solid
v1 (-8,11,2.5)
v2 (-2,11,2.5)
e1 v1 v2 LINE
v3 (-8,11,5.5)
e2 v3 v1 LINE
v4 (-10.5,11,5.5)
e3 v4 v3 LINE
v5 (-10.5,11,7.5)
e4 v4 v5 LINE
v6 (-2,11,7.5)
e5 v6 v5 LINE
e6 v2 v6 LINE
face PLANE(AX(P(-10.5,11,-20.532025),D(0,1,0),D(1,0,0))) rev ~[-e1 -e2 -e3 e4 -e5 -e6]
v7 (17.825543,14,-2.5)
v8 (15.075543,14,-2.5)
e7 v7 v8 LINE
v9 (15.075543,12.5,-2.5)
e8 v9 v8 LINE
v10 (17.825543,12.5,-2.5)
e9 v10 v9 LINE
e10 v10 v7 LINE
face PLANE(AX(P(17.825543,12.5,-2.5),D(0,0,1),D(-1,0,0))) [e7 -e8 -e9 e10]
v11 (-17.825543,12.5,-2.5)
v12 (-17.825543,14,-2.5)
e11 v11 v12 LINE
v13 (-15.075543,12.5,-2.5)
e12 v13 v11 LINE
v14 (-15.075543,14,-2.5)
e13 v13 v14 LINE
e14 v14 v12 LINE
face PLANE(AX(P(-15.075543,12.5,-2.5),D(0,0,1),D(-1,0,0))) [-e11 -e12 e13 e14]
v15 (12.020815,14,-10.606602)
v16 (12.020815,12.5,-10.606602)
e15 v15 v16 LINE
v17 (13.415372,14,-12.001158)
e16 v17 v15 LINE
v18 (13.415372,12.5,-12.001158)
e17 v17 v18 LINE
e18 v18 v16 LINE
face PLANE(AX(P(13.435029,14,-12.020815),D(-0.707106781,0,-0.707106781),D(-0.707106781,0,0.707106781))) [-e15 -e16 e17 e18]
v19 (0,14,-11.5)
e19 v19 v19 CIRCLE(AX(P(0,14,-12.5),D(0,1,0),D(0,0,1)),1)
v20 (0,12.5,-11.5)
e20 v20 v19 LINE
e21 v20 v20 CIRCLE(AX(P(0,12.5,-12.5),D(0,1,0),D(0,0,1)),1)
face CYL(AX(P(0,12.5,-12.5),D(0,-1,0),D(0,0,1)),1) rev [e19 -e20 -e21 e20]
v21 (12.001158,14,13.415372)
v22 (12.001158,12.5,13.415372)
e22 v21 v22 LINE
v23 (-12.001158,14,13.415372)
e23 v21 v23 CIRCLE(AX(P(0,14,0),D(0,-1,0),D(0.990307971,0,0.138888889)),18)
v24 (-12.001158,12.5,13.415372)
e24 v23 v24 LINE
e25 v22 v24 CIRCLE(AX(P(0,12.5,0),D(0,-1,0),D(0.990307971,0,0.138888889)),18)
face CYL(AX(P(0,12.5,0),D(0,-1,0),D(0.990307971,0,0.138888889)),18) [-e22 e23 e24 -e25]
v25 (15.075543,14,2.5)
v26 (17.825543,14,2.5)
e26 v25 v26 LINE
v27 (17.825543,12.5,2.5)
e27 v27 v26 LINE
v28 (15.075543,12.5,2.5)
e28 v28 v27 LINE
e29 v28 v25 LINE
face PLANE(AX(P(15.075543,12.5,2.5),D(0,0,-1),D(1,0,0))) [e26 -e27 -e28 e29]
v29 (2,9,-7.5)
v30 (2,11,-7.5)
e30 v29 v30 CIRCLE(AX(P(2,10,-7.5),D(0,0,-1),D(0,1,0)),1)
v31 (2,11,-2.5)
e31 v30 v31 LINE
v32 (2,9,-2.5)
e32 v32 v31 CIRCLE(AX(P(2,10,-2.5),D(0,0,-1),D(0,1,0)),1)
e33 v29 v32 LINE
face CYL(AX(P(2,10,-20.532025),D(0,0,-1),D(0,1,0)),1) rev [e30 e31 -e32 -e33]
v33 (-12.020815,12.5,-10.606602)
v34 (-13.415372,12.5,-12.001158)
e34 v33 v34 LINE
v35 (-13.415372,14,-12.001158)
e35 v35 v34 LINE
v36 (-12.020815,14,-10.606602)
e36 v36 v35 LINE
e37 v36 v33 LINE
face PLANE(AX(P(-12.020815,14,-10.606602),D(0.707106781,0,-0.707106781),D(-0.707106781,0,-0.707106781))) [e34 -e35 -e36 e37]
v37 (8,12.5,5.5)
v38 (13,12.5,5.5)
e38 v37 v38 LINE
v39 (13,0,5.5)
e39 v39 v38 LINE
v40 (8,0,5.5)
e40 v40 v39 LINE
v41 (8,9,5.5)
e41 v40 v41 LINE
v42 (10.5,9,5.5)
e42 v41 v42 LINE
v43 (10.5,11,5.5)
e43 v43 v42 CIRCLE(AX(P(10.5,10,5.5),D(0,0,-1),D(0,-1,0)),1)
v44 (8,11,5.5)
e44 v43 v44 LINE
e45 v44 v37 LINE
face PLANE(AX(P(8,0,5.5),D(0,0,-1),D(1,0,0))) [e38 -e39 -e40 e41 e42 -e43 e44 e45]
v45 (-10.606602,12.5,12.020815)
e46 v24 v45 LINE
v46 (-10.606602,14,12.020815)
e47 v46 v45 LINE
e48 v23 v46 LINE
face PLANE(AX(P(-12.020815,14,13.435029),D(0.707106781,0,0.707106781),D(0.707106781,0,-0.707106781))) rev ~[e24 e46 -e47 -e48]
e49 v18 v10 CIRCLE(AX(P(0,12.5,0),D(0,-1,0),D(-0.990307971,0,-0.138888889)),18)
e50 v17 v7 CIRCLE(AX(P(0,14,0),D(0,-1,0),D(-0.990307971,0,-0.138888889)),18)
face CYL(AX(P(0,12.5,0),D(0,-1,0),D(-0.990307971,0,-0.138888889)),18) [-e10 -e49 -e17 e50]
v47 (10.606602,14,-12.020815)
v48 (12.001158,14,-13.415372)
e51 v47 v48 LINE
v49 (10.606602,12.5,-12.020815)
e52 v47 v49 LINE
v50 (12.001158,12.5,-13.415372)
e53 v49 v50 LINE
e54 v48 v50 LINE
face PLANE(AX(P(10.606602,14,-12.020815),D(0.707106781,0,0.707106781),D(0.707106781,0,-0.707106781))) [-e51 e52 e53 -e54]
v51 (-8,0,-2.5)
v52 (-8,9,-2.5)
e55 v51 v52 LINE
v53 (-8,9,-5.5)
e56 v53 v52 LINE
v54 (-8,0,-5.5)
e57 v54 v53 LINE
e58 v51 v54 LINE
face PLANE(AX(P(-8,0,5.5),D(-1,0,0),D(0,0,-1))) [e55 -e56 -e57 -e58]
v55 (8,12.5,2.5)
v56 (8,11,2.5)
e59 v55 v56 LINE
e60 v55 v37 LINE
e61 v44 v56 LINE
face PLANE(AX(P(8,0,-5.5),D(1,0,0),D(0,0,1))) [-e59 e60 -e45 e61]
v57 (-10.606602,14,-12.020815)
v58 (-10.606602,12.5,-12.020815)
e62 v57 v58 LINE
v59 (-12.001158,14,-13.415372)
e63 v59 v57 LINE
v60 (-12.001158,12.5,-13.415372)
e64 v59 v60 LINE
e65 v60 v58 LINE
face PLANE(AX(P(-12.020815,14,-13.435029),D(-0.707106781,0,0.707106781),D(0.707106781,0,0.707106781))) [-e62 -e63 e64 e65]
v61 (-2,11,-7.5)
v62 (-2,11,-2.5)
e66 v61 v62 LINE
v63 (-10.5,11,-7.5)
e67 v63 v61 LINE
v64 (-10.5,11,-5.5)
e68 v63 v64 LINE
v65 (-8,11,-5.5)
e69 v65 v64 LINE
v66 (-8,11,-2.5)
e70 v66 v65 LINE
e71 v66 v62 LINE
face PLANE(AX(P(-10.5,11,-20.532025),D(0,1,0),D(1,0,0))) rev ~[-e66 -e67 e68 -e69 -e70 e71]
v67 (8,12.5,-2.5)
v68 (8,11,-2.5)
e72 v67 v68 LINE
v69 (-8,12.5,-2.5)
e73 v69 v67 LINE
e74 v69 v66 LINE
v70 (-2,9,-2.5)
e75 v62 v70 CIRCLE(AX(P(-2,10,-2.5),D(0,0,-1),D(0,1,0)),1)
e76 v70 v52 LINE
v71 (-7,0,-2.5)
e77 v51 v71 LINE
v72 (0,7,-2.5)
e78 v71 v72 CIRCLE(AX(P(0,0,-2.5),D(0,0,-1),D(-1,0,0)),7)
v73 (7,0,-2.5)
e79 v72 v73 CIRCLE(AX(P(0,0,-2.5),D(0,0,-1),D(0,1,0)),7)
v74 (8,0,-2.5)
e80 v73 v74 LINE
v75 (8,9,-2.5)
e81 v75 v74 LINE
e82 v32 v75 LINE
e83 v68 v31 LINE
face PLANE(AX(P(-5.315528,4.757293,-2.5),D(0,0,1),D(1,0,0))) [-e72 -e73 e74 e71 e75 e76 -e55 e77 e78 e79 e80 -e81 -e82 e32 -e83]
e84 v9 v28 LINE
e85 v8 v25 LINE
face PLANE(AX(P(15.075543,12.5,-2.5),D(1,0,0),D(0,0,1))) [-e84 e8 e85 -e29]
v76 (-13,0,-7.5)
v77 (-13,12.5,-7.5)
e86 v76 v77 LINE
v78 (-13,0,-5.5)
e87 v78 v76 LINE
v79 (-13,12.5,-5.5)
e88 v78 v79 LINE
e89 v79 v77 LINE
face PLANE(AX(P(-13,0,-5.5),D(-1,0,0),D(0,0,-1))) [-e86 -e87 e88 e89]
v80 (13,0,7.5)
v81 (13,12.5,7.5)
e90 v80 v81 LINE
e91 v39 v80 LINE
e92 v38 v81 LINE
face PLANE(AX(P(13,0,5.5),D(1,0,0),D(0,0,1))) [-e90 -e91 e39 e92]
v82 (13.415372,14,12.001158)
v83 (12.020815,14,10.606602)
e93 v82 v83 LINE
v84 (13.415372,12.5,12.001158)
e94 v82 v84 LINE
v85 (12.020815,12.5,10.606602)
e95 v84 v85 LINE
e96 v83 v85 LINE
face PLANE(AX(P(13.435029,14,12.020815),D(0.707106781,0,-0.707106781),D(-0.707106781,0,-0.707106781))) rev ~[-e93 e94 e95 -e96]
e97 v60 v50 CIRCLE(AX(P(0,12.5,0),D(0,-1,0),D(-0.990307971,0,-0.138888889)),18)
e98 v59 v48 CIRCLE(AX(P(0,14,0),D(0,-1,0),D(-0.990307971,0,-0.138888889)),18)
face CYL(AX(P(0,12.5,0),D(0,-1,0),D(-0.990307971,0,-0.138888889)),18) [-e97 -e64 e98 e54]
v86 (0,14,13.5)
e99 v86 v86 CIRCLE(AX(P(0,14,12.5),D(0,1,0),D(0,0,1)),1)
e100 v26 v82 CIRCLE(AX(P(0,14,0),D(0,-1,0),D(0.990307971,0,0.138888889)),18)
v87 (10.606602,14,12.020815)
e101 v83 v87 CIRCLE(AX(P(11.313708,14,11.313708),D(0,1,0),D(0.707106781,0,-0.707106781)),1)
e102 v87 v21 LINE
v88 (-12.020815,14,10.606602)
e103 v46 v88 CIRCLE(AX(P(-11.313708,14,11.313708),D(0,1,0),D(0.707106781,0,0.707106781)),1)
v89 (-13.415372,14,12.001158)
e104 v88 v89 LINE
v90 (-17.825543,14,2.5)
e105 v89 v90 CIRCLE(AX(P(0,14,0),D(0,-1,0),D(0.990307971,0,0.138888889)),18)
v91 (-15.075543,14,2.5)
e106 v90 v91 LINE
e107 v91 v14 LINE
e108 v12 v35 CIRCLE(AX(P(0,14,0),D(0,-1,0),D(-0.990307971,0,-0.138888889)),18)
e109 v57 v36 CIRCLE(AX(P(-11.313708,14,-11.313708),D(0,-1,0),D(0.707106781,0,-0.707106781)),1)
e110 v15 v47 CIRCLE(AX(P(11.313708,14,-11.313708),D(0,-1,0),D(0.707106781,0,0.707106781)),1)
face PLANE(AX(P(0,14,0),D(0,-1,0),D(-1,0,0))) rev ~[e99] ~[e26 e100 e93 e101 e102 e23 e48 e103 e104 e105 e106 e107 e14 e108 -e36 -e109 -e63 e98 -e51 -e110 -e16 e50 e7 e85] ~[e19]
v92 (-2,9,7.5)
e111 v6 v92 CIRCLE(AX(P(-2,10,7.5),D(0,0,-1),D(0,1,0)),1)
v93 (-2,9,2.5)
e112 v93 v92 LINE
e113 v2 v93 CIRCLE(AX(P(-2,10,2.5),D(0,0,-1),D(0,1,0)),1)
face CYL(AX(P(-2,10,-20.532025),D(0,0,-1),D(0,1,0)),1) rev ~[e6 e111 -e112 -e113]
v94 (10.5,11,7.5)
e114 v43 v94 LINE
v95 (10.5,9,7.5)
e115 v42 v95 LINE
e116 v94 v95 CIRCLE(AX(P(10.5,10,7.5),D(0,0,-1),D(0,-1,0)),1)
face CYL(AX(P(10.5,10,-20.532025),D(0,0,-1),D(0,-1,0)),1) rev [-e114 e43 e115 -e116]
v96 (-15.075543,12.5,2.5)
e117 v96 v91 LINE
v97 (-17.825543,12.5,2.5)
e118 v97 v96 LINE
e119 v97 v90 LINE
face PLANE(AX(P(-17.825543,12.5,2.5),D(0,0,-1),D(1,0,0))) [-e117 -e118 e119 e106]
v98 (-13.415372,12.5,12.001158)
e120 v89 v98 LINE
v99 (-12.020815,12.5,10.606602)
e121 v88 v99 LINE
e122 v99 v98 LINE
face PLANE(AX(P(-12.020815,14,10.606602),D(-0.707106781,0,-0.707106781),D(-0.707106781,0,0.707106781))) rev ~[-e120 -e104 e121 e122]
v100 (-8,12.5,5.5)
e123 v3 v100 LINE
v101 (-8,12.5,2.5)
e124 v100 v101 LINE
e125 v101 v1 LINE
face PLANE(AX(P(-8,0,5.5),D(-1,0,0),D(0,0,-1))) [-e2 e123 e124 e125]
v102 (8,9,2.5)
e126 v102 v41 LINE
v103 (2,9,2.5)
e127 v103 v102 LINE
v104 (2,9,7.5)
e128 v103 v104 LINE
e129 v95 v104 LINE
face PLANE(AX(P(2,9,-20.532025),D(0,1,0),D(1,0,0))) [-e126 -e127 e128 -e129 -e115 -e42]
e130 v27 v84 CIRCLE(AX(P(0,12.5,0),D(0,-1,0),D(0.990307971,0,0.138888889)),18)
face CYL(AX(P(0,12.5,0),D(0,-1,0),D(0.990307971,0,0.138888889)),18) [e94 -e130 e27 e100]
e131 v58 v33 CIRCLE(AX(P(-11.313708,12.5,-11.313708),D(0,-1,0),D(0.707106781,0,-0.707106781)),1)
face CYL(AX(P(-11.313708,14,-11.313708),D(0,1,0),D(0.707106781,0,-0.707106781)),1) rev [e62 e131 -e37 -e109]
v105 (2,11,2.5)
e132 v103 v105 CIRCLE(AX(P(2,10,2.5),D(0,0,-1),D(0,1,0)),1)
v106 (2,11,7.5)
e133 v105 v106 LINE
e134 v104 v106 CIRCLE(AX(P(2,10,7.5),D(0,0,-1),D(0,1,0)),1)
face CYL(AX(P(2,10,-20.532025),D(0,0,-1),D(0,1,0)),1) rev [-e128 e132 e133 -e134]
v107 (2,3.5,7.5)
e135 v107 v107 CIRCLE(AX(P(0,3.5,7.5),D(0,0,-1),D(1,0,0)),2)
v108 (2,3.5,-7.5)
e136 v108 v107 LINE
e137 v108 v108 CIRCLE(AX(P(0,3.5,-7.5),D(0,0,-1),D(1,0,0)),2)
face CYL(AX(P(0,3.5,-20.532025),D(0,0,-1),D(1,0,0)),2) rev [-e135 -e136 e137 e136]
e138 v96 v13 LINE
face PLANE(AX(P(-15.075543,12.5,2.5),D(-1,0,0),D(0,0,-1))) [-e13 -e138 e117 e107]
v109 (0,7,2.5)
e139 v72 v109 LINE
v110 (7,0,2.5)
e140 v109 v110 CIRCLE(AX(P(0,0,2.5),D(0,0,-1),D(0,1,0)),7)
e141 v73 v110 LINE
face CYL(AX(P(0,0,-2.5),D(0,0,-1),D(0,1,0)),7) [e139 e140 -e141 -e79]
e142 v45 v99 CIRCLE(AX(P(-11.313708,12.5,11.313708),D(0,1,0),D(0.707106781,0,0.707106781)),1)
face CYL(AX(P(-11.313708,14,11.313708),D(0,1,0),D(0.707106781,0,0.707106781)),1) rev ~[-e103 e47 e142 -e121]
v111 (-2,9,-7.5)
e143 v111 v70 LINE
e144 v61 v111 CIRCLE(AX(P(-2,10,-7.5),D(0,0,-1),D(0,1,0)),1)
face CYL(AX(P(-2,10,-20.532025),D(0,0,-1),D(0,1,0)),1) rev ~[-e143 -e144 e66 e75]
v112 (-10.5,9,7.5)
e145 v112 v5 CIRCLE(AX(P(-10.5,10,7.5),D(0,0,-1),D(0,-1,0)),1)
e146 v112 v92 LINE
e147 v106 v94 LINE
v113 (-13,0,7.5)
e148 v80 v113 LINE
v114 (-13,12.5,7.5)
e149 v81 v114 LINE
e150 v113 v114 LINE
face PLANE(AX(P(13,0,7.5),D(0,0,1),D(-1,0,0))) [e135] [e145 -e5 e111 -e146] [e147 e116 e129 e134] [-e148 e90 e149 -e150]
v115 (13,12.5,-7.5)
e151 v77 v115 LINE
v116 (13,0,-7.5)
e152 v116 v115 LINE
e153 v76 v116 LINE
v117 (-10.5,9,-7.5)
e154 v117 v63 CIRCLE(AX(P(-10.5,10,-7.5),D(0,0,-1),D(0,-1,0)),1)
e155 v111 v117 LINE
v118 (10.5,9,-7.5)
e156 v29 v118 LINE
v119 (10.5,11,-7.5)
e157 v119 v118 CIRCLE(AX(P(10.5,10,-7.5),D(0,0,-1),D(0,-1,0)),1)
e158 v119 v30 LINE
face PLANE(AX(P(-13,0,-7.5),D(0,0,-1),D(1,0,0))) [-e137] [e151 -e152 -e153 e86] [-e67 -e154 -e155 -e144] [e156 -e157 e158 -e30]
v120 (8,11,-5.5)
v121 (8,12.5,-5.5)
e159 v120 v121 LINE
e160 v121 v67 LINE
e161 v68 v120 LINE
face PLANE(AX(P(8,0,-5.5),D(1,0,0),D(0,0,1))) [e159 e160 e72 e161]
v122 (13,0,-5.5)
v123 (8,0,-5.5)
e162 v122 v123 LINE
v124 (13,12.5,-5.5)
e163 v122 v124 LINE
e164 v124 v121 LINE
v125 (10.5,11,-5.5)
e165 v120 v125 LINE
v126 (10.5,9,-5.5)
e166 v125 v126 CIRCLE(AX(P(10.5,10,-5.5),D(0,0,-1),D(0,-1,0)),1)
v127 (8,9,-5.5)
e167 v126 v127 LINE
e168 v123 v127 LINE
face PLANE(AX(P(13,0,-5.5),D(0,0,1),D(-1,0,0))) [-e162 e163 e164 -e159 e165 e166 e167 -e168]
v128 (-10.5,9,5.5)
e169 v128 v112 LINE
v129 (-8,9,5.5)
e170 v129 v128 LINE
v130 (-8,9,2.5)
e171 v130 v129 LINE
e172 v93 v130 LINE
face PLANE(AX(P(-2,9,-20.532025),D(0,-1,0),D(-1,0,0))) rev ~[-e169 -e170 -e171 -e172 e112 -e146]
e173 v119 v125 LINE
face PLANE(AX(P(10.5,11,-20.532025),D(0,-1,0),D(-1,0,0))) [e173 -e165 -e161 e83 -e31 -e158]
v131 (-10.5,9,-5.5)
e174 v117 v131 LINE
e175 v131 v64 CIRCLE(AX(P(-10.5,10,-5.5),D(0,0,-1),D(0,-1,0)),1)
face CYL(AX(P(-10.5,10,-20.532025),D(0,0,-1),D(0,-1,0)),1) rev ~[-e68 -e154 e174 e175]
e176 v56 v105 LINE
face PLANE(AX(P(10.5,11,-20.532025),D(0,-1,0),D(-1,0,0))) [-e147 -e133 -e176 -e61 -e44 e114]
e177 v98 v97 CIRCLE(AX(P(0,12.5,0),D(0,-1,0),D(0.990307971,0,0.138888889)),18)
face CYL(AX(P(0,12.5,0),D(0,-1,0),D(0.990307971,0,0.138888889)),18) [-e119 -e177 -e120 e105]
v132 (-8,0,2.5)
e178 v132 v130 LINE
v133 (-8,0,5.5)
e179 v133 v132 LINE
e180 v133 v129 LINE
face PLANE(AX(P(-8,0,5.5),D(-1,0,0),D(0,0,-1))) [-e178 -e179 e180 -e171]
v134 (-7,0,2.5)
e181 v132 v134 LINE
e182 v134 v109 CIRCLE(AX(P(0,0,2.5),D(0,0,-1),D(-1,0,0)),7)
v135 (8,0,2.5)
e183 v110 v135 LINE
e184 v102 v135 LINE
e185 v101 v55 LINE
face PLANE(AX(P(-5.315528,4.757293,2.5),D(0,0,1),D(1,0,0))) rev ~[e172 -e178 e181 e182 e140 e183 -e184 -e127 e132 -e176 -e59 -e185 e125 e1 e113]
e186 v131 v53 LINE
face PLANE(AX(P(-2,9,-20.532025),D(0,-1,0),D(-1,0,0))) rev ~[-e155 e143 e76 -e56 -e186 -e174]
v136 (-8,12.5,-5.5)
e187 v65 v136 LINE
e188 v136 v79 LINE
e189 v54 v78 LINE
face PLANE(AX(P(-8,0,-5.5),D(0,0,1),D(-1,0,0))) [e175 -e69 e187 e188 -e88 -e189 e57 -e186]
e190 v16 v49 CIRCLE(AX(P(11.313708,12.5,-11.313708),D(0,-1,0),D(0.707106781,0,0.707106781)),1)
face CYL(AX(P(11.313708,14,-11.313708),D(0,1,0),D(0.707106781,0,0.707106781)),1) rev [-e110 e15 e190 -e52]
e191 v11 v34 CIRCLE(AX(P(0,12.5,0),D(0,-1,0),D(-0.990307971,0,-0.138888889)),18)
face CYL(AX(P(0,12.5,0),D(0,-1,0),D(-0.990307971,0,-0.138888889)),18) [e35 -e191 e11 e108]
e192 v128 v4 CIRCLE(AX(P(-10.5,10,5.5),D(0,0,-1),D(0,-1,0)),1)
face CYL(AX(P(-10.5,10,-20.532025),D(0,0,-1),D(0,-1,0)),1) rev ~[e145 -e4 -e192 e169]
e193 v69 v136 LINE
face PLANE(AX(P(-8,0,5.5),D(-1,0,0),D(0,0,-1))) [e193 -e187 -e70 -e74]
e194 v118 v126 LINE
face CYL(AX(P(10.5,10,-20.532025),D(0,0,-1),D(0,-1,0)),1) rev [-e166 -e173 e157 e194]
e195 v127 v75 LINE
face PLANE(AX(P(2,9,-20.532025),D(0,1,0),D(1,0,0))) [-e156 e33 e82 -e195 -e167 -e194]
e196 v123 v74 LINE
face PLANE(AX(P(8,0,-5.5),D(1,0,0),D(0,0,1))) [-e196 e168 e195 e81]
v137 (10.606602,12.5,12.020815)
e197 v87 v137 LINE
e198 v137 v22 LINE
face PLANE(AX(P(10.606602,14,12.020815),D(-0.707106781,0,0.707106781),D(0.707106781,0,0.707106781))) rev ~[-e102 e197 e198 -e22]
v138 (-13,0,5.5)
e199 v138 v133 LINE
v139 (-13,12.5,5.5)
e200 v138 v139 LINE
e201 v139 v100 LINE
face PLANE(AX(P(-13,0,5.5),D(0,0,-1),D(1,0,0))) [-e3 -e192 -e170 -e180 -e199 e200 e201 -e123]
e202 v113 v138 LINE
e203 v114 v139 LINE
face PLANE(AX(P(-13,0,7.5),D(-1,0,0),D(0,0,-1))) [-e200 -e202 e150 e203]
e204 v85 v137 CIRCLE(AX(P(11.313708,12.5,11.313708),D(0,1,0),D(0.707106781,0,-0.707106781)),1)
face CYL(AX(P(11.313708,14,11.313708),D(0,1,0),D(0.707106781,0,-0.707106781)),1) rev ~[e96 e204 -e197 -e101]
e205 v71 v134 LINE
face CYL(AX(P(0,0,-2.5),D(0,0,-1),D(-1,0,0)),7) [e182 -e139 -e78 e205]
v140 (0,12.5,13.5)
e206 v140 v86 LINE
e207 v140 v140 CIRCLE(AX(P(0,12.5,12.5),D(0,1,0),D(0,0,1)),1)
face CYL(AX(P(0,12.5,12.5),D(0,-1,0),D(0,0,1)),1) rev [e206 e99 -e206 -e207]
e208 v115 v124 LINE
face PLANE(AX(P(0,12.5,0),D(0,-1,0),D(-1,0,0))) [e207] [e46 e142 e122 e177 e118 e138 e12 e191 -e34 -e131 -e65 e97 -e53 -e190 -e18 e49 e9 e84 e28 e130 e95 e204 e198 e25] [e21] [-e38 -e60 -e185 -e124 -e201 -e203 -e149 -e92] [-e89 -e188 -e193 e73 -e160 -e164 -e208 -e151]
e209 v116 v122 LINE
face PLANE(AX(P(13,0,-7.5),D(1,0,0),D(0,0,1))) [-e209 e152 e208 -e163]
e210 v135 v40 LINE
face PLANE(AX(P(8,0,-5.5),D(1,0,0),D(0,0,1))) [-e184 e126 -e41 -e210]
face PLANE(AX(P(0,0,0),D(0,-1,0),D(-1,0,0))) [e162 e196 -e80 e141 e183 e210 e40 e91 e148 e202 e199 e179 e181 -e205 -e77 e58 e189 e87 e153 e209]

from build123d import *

# Parameters (mm, degrees)
EXTRUDE_1_DEPTH          = 12.5
CUT_EXTRUDE_1_DEPTH      = 20.532024985
CUT_EXTRUDE_1_DEPTH_BACK = 20.532024985
SKETCH_2_R               = 2
CUT_EXTRUDE_2_DEPTH      = 20.532024985
CUT_EXTRUDE_2_DEPTH_BACK = 20.532024985
CUT_EXTRUDE_START        = 12.5
SKETCH_5_W               = 16
SKETCH_5_H               = 5
CUT_EXTRUDE_4_DEPTH      = 5.5
CUT_EXTRUDE_5_DEPTH      = 2.5
CUT_EXTRUDE_5_DEPTH_BACK = 2.5
EXTRUDE_START            = 12.5
EXTRUDE_5_DEPTH          = 1.5
SKETCH_8_R               = 1
CUT_EXTRUDE_6_DEPTH      = 1.5
CUT_EXTRUDE_START_2      = 14
CUT_EXTRUDE_7_DEPTH      = 1.5


with BuildPart() as part:
    # 草图1 → 凸台-拉伸1 (new body)
    with BuildSketch(Plane(origin=(0, 0, 0), x_dir=(1, 0, 0), z_dir=(0, 1, 0))):
        Polygon((13, 5.5), (8, 5.5), (8, -5.5), (13, -5.5), (13, -7.5), (-13, -7.5), (-13, -5.5), (-8, -5.5), (-8, 5.5), (-13, 5.5), (-13, 7.5), (13, 7.5), align=None)
    extrude(amount=EXTRUDE_1_DEPTH)

    # 草图2 → 切除-拉伸1 (cut, two sides: drawn at the far end of the back side and taken through both)
    with BuildSketch(Plane.XY.offset(-CUT_EXTRUDE_1_DEPTH_BACK)):
        with Locations((0, 3.5)):
            Circle(SKETCH_2_R)
    extrude(amount=CUT_EXTRUDE_1_DEPTH + CUT_EXTRUDE_1_DEPTH_BACK, mode=Mode.SUBTRACT)

    # 草图3 → 切除-拉伸2 (cut, two sides: drawn at the far end of the back side and taken through both)
    with BuildSketch(Plane.XY.offset(-CUT_EXTRUDE_2_DEPTH_BACK)):
        with BuildLine():
            Line((-10.5, 11), (-2, 11))
            ThreePointArc((-2, 11), (-1, 10), (-2, 9))
            Line((-2, 9), (-10.5, 9))
            ThreePointArc((-10.5, 9), (-11.5, 10), (-10.5, 11))
        make_face()
        with BuildLine():
            Line((2, 9), (10.5, 9))
            ThreePointArc((10.5, 9), (11.5, 10), (10.5, 11))
            Line((10.5, 11), (2, 11))
            ThreePointArc((2, 11), (1, 10), (2, 9))
        make_face()
    extrude(amount=CUT_EXTRUDE_2_DEPTH + CUT_EXTRUDE_2_DEPTH_BACK, mode=Mode.SUBTRACT)

    # 草图5 → 切除-拉伸4 (cut)
    with BuildSketch(Plane(origin=(0, 0, 0), x_dir=(1, 0, 0), z_dir=(0, 1, 0)).offset(CUT_EXTRUDE_START)):
        Rectangle(SKETCH_5_W, SKETCH_5_H)
    extrude(amount=-CUT_EXTRUDE_4_DEPTH, mode=Mode.SUBTRACT)

    # 草图6 → 切除-拉伸5 (cut, two sides: drawn at the far end of the back side and taken through both)
    with BuildSketch(Plane.XY.offset(-CUT_EXTRUDE_5_DEPTH_BACK)):
        with BuildLine():
            Line((8, 7), (0, 7))
            ThreePointArc((0, 7), (4.949747468, 4.949747468), (7, 0))
            Line((7, 0), (8, 0))
            Line((8, 0), (8, 7))
        make_face()
        with BuildLine():
            Line((-8, 7), (-8, 0))
            Line((-8, 0), (-7, 0))
            ThreePointArc((-7, 0), (-4.949747468, 4.949747468), (0, 7))
            Line((0, 7), (-8, 7))
        make_face()
    extrude(amount=CUT_EXTRUDE_5_DEPTH + CUT_EXTRUDE_5_DEPTH_BACK, mode=Mode.SUBTRACT)

    # 草图7 → 凸台-拉伸5 (add)
    with BuildSketch(Plane(origin=(0, 0, 0), x_dir=(1, 0, 0), z_dir=(0, 1, 0)).offset(EXTRUDE_START)):
        with BuildLine():
            Line((17.82554347, 2.5), (15.07554347, 2.5))
            Line((15.07554347, 2.5), (15.07554347, -2.5))
            Line((15.07554347, -2.5), (17.82554347, -2.5))
            ThreePointArc((17.82554347, -2.5), (0, -18), (-17.82554347, -2.5))
            Line((-17.82554347, -2.5), (-15.07554347, -2.5))
            Line((-15.07554347, -2.5), (-15.07554347, 2.5))
            Line((-15.07554347, 2.5), (-17.82554347, 2.5))
            ThreePointArc((-17.82554347, 2.5), (0, 18), (17.82554347, 2.5))
        make_face()
    extrude(amount=EXTRUDE_5_DEPTH)

    # 草图8 → 切除-拉伸6 (cut)
    with BuildSketch(Plane(origin=(0, 0, 0), x_dir=(1, 0, 0), z_dir=(0, 1, 0)).offset(CUT_EXTRUDE_START)):
        with Locations(Location((0, 12.5, 0), (0, 0, 270))):
            Circle(SKETCH_8_R)
        with Locations(Location((0, -12.5, 0), (0, 0, 270))):
            Circle(SKETCH_8_R)
    extrude(amount=CUT_EXTRUDE_6_DEPTH, mode=Mode.SUBTRACT)

    # 草图9 → 切除-拉伸7 (cut)
    with BuildSketch(Plane(origin=(0, 0, 0), x_dir=(1, 0, 0), z_dir=(0, 1, 0)).offset(CUT_EXTRUDE_START_2)):
        with BuildLine():
            Line((-12.02081528, 10.606601718), (-13.435028843, 12.02081528))
            ThreePointArc((-13.435028843, 12.02081528), (-13.435028843, 13.435028843), (-12.02081528, 13.435028843))
            Line((-12.02081528, 13.435028843), (-10.606601718, 12.02081528))
            ThreePointArc((-10.606601718, 12.02081528), (-10.606601718, 10.606601718), (-12.02081528, 10.606601718))
        make_face()
        with BuildLine():
            Line((10.606601718, -12.02081528), (12.02081528, -13.435028843))
            ThreePointArc((12.02081528, -13.435028843), (13.435028843, -13.435028843), (13.435028843, -12.02081528))
            Line((13.435028843, -12.02081528), (12.02081528, -10.606601718))
            ThreePointArc((12.02081528, -10.606601718), (10.606601718, -10.606601718), (10.606601718, -12.02081528))
        make_face()
        with BuildLine():
            Line((-12.02081528, -10.606601718), (-13.435028843, -12.02081528))
            ThreePointArc((-13.435028843, -12.02081528), (-13.435028843, -13.435028843), (-12.02081528, -13.435028843))
            Line((-12.02081528, -13.435028843), (-10.606601718, -12.02081528))
            ThreePointArc((-10.606601718, -12.02081528), (-10.606601718, -10.606601718), (-12.02081528, -10.606601718))
        make_face()
        with BuildLine():
            Line((10.606601718, 12.02081528), (12.02081528, 13.435028843))
            ThreePointArc((12.02081528, 13.435028843), (13.435028843, 13.435028843), (13.435028843, 12.02081528))
            Line((13.435028843, 12.02081528), (12.02081528, 10.606601718))
            ThreePointArc((12.02081528, 10.606601718), (10.606601718, 10.606601718), (10.606601718, 12.02081528))
        make_face()
    extrude(amount=-CUT_EXTRUDE_7_DEPTH, mode=Mode.SUBTRACT)


solid = part.part
